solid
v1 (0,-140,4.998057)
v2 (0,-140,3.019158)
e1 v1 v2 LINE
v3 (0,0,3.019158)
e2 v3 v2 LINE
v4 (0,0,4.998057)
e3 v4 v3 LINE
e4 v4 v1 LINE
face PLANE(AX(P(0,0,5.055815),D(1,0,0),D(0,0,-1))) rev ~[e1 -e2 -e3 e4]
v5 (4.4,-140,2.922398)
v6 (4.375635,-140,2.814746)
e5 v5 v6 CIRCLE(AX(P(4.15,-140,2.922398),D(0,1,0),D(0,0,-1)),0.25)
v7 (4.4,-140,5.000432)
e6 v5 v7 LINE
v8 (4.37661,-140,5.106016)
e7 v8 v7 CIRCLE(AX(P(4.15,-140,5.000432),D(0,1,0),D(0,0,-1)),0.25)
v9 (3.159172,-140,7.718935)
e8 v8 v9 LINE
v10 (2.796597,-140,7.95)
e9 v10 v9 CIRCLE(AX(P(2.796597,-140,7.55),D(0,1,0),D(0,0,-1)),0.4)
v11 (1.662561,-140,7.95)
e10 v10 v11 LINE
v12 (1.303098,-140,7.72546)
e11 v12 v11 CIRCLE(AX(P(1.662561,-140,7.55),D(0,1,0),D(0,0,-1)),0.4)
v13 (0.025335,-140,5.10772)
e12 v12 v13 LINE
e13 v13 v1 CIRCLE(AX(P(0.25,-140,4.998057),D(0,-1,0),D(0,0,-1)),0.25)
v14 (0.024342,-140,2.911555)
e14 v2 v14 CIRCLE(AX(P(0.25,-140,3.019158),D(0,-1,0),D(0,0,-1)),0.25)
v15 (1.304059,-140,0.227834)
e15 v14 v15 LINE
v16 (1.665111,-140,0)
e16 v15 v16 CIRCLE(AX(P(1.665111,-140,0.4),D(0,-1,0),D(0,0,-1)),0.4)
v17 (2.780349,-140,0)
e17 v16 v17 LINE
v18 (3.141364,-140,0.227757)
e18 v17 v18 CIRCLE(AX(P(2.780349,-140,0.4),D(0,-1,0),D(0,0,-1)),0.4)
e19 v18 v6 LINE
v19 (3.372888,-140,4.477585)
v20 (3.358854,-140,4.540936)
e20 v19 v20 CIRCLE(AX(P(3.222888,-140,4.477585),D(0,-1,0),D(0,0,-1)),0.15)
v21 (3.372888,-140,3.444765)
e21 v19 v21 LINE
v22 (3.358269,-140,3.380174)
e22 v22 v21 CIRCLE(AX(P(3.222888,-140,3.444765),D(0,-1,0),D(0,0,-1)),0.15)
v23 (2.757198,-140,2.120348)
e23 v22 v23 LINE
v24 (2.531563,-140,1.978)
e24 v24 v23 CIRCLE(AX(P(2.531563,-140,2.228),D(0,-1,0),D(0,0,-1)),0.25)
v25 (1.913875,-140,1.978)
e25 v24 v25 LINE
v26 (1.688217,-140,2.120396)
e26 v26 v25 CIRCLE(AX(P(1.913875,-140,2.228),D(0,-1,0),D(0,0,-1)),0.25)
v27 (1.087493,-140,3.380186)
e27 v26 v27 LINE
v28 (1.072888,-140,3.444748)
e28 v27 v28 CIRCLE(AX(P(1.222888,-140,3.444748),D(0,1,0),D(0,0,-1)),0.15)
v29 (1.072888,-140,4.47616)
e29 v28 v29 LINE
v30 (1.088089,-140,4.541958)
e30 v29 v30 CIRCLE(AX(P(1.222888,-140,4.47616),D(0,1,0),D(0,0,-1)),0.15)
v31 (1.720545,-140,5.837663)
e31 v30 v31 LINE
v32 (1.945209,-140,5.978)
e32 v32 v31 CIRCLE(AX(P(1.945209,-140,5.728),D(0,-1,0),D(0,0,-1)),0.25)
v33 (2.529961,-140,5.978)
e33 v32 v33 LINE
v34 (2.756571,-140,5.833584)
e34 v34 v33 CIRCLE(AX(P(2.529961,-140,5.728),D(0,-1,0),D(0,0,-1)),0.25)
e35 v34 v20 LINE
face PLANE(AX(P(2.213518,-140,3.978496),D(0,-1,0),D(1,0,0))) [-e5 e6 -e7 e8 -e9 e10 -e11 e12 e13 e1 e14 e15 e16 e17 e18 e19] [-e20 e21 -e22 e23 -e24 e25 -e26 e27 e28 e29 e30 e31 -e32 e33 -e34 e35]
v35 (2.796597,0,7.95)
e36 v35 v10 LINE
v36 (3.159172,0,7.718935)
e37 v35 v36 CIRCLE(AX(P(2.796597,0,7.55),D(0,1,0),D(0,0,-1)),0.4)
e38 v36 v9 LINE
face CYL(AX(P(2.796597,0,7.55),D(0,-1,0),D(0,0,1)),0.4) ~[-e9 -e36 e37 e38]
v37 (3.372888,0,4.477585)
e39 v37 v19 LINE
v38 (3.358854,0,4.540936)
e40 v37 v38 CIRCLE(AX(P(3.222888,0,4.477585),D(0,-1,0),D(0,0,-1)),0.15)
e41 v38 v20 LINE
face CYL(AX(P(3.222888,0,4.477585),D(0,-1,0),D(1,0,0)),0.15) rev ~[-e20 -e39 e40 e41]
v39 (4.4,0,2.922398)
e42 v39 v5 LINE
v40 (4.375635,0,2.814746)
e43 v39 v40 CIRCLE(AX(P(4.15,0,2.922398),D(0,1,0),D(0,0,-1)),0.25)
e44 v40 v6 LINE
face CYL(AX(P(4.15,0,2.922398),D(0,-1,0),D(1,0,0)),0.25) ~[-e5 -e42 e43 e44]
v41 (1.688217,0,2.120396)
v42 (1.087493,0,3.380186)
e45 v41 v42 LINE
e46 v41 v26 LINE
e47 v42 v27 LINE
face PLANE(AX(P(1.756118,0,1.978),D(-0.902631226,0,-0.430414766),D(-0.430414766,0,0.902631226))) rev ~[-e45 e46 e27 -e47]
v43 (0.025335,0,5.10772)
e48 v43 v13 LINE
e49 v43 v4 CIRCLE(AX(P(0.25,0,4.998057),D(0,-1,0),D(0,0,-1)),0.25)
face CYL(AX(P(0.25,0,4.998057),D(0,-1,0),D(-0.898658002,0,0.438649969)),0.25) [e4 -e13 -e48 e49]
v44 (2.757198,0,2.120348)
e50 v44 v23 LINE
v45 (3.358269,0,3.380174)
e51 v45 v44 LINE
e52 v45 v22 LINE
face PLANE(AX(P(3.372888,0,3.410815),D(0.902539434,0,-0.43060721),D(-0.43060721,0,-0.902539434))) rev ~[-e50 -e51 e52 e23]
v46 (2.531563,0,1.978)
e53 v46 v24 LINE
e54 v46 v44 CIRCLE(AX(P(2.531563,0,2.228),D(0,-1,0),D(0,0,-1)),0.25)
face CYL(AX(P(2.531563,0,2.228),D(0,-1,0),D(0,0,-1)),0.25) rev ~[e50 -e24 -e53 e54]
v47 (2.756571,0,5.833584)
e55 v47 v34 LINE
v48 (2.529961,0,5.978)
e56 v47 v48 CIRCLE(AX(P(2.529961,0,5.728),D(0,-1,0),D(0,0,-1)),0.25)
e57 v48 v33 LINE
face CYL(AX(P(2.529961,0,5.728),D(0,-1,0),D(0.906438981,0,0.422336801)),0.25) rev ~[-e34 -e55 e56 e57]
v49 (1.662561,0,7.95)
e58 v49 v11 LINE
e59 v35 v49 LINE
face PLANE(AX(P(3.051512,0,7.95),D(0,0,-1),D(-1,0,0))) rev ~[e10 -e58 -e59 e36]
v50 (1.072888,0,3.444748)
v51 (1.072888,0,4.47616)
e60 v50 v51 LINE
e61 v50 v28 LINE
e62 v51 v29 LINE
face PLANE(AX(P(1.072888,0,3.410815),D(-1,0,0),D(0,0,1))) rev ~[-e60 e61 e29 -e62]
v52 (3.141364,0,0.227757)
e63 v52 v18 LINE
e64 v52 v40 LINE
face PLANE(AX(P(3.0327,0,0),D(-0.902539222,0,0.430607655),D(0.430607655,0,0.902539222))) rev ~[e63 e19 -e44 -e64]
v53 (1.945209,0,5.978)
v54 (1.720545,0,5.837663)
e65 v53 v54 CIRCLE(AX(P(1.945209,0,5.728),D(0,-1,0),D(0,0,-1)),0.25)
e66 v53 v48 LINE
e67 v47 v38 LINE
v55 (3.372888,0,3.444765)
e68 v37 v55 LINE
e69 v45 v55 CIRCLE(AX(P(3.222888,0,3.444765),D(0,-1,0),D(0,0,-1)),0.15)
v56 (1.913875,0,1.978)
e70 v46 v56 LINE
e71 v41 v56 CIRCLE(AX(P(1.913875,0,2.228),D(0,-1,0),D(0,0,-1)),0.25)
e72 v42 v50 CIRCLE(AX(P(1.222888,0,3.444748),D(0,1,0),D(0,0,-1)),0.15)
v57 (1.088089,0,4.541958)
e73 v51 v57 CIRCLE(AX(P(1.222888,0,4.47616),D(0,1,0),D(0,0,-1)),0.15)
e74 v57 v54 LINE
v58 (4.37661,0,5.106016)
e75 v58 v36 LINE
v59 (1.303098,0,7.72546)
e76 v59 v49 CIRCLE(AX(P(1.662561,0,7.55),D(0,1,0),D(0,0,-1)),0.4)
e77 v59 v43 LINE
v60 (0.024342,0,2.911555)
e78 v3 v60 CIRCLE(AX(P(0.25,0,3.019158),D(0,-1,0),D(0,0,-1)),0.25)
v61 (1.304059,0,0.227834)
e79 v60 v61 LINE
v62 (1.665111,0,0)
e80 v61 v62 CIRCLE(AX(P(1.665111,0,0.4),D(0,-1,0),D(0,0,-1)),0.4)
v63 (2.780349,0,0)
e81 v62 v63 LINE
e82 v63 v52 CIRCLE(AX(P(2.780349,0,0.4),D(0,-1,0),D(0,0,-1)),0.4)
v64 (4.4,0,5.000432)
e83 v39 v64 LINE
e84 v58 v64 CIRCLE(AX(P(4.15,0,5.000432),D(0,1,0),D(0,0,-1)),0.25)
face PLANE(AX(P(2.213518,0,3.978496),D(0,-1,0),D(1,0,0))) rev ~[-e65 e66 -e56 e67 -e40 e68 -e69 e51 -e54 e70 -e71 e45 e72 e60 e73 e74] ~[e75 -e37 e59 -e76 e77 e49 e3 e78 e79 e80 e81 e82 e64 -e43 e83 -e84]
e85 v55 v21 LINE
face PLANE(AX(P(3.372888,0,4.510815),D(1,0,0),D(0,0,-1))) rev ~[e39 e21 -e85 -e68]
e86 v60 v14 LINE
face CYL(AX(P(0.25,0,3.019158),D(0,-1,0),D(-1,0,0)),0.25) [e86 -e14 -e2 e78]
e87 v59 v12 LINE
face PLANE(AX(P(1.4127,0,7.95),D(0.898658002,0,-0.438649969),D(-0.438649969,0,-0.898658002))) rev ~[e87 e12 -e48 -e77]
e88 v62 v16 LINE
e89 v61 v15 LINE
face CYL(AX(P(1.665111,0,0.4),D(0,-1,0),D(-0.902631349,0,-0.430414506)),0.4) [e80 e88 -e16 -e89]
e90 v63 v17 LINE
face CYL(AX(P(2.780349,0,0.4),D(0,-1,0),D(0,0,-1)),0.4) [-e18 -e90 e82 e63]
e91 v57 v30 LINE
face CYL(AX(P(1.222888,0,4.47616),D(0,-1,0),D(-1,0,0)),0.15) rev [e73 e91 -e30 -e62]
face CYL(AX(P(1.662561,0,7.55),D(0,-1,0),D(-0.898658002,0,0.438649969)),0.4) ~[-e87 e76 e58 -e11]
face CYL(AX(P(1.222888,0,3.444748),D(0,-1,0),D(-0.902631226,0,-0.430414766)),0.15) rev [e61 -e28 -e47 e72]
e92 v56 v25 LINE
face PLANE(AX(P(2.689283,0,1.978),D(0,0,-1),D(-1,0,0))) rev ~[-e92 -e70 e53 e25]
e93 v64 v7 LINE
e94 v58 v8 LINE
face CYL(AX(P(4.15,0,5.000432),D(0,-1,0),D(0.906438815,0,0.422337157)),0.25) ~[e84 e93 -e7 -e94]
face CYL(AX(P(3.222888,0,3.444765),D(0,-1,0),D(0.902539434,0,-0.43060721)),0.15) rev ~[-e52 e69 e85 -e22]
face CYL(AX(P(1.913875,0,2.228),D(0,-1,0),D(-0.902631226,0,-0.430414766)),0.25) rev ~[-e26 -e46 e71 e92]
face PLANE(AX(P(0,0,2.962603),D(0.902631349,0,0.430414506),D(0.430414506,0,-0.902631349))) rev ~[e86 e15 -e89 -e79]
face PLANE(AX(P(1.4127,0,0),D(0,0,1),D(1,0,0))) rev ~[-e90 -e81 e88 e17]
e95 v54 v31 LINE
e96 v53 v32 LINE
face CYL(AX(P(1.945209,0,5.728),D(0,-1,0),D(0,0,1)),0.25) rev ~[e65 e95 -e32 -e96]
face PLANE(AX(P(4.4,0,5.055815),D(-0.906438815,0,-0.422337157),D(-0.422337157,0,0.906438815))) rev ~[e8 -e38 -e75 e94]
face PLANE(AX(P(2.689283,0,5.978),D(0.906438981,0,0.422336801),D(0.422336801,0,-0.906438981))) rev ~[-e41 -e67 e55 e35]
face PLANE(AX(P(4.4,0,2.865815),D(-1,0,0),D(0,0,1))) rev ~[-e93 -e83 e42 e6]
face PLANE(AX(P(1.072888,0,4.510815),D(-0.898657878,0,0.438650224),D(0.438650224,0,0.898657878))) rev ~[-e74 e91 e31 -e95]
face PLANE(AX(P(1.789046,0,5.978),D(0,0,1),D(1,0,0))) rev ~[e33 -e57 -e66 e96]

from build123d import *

# Parameters (mm, degrees)
F1_DEPTH = 140
F2_R     = 0.4
F3_R     = 0.25
F4_R     = 0.15


with BuildPart() as f1:
    # F0 (on Front) → F1 (new body)
    with BuildSketch(Plane.XZ):
        Polygon((1.4127, 7.95), (0, 5.055815), (0, 2.962603), (1.4127, 0), (3.0327, 0), (4.4, 2.865815), (4.4, 5.055815), (3.051512, 7.95), align=None)
        Polygon((1.072888, 3.410815), (1.072888, 4.510815), (1.789046, 5.978), (2.689283, 5.978), (3.372888, 4.510815), (3.372888, 3.410815), (2.689283, 1.978), (1.756118, 1.978), align=None, mode=Mode.SUBTRACT)
    extrude(amount=F1_DEPTH)

    # F2
    f2_edges = [f1.edges().sort_by_distance(p)[0] for p in [
        (3.051512, -70, 7.95),
        (1.4127, -70, 7.95),
        (3.0327, -70, 0),
        (1.4127, -70, 0),
    ]]
    fillet(f2_edges, radius=F2_R)

    # F3
    f3_edges = [f1.edges().sort_by_distance(p)[0] for p in [
        (4.4, -70, 5.055815),
        (4.4, -70, 2.865815),
        (0, -70, 5.055815),
        (0, -70, 2.962603),
        (1.756118, -70, 1.978),
        (1.789046, -70, 5.978),
        (2.689283, -70, 5.978),
        (2.689283, -70, 1.978),
    ]]
    fillet(f3_edges, radius=F3_R)

    # F4
    f4_edges = [f1.edges().sort_by_distance(p)[0] for p in [
        (1.072888, -70, 4.510815),
        (1.072888, -70, 3.410815),
        (3.372888, -70, 4.510815),
        (3.372888, -70, 3.410815),
    ]]
    fillet(f4_edges, radius=F4_R)


solid = f1.part
